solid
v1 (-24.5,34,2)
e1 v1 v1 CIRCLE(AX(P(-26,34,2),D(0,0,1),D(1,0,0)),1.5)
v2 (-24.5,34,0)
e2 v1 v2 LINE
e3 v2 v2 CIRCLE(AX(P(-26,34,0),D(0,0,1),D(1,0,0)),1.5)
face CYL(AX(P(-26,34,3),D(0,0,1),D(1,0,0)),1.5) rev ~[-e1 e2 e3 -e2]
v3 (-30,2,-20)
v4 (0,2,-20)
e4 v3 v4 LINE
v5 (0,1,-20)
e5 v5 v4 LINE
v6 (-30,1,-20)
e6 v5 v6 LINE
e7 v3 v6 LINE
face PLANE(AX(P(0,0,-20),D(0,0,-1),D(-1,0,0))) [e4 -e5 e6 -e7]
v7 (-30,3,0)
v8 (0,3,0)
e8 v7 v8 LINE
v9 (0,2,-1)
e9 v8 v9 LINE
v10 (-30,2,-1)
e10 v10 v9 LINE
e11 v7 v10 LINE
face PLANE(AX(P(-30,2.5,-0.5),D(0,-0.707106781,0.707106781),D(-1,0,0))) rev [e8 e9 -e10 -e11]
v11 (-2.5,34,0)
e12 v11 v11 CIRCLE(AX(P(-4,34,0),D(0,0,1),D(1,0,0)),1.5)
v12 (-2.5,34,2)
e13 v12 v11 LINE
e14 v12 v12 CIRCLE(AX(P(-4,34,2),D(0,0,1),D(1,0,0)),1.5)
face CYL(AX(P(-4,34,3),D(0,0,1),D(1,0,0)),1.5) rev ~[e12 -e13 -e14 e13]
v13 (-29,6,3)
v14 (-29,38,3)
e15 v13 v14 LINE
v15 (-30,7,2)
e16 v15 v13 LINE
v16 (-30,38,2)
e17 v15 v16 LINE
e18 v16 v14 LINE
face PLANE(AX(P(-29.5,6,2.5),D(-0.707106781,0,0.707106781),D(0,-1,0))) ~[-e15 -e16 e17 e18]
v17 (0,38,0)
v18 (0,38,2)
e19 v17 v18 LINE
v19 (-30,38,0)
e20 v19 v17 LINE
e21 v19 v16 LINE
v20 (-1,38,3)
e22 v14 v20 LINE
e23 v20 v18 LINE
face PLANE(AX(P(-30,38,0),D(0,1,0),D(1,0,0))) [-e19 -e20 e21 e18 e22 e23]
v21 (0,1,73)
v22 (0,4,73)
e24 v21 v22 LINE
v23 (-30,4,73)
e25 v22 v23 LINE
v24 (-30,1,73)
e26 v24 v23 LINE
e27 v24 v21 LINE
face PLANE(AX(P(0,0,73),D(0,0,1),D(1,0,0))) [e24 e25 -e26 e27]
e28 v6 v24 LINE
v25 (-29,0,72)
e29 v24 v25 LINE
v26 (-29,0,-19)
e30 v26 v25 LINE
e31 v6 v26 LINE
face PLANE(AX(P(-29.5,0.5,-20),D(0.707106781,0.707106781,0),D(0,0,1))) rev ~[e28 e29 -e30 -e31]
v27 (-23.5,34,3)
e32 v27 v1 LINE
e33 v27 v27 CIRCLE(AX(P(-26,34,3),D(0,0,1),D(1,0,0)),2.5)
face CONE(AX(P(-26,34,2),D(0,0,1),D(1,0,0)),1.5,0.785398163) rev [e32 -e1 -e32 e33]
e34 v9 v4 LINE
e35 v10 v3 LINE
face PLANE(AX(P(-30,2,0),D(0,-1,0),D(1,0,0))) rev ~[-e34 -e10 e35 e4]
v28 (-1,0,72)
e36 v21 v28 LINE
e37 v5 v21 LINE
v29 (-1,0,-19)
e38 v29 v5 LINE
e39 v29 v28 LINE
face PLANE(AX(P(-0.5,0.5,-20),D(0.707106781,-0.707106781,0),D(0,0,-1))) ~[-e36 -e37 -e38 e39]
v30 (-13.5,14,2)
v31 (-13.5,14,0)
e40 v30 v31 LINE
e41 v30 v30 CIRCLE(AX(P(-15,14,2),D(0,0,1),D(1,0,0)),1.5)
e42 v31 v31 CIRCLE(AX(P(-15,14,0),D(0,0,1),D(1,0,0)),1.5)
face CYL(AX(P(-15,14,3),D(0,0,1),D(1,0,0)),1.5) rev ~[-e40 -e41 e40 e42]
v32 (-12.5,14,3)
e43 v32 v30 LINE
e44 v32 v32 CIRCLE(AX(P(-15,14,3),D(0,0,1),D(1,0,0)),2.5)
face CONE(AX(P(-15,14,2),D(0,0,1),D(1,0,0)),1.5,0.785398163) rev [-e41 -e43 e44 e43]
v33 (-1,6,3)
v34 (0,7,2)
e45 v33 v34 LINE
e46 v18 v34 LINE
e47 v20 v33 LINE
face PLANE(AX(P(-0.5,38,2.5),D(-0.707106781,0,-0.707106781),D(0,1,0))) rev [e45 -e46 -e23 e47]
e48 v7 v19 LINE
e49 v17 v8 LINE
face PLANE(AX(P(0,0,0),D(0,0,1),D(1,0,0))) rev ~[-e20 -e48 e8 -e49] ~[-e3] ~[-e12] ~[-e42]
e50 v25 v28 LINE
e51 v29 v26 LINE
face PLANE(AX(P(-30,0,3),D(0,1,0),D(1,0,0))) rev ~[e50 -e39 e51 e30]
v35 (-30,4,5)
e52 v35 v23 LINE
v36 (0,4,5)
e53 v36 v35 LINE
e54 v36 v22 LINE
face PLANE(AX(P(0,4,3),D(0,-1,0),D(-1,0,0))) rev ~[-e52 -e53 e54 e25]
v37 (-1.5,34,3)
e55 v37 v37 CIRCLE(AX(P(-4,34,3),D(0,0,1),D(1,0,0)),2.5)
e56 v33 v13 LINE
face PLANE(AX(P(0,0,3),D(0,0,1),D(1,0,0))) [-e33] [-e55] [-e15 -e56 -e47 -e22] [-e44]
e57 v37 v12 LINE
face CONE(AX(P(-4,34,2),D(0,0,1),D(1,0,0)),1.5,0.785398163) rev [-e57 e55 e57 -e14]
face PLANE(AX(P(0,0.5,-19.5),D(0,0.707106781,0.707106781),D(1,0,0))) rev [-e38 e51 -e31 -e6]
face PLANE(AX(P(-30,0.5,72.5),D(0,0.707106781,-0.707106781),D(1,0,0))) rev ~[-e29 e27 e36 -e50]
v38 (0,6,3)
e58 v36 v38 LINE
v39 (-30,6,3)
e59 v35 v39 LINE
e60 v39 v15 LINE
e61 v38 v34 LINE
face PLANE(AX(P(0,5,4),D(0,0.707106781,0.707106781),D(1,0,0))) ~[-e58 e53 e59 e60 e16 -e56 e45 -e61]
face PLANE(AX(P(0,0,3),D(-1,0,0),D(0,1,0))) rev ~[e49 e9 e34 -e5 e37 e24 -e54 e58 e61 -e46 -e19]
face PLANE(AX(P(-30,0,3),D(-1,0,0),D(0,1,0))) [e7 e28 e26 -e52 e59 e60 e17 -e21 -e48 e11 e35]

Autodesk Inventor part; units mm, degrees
ref_plane "YZ Plane" through (0, 0, 0) normal (1, 0, 0) x (0, 1, 0)
ref_plane "XZ Plane" through (0, 0, 0) normal (0, 1, 0) x (-1, 0, 0)
ref_plane "XY Plane" through (0, 0, 0) normal (0, 0, 1) x (1, 0, 0)
sketch "Эскиз1" plane through (0, 0, 0) normal (0, 0, 1) x (1, 0, 0)
  line L0 (0, 0) -> (-30, 0)
  line L1 (-30, 0) -> (-30, 38)
  line L2 (-30, 38) -> (0, 38)
  line L3 (0, 38) -> (0, 0)
  dimension "d0" = 30
  dimension "d1" = 38
extrude "Выдавливание1" add sketch "Эскиз1" along normal blind 3
sketch "Эскиз2" plane through (0, 0, 0) normal (0, 0, -1) x (-1, 0, 0)
  line L0 (0, 0) -> (0, 38) projected
  line L1 (30, 38) -> (30, 0) projected
  line L2 (0, 0) -> (30, 0)
  line L3 (30, 0) -> (30, 2)
  line L4 (30, 2) -> (0, 2)
  line L5 (0, 2) -> (0, 0)
  point P0 (0, 2)
  dimension "d4" = 2
extrude "Выдавливание2" add sketch "Эскиз2" along normal blind 20
chamfer "Фаска1" distance 1 angle 45 1 edges at (-15, 2, 0)
sketch "Эскиз3" plane through (0, 0, 3) normal (0, 0, 1) x (1, 0, 0)
  circle A0 centre (-26, 34) radius 1.5
  circle A1 centre (-4, 34) radius 1.5
  circle A2 centre (-15, 14) radius 1.5
  line L0 (0, 38) -> (-30, 38) projected
  line L1 (-30, 38) -> (-30, 0) projected
  line L2 (0, 0) -> (0, 38) projected
  line L3 (-30, 0) -> (0, 0) projected
  dimension "d10" = 3
  dimension "d11" = 3
  dimension "d12" = 3
  dimension "d13" = 4
  dimension "d14" = 4
  dimension "d15" = 4
  dimension "d16" = 4
  dimension "d17" = 14
  dimension "d18" = 15
extrude "Выдавливание3" cut sketch "Эскиз3" against normal blind 20 contours A0 | A1 | A2
chamfer "Фаска2" distance 1 angle 45 3 edges at (-27.5, 34, 3) (-5.5, 34, 3) (-16.5, 14, 3)
sketch "Эскиз4" plane through (0, 0, 3) normal (0, 0, 1) x (1, 0, 0)
  line L0 (-30, 0) -> (-30, 2) projected
  line L1 (0, 0) -> (0, 38) projected
  line L2 (-30, 0) -> (0, 0)
  line L3 (0, 0) -> (0, 4)
  line L4 (0, 4) -> (-30, 4)
  line L5 (-30, 4) -> (-30, 0)
  dimension "d24" = 4
extrude "Выдавливание4" add sketch "Эскиз4" along normal blind 70
chamfer "Фаска3" distance 2 angle 45 1 edges at (-15, 4, 3)
chamfer "Фаска4" distance 1 angle 45 6 edges at (-30, 22, 3) (0, 22, 3) (-30, 0, 26.5) (-15, 0, 73) (0, 0, 26.5) (-15, 0, -20)
properties part number "camera"
